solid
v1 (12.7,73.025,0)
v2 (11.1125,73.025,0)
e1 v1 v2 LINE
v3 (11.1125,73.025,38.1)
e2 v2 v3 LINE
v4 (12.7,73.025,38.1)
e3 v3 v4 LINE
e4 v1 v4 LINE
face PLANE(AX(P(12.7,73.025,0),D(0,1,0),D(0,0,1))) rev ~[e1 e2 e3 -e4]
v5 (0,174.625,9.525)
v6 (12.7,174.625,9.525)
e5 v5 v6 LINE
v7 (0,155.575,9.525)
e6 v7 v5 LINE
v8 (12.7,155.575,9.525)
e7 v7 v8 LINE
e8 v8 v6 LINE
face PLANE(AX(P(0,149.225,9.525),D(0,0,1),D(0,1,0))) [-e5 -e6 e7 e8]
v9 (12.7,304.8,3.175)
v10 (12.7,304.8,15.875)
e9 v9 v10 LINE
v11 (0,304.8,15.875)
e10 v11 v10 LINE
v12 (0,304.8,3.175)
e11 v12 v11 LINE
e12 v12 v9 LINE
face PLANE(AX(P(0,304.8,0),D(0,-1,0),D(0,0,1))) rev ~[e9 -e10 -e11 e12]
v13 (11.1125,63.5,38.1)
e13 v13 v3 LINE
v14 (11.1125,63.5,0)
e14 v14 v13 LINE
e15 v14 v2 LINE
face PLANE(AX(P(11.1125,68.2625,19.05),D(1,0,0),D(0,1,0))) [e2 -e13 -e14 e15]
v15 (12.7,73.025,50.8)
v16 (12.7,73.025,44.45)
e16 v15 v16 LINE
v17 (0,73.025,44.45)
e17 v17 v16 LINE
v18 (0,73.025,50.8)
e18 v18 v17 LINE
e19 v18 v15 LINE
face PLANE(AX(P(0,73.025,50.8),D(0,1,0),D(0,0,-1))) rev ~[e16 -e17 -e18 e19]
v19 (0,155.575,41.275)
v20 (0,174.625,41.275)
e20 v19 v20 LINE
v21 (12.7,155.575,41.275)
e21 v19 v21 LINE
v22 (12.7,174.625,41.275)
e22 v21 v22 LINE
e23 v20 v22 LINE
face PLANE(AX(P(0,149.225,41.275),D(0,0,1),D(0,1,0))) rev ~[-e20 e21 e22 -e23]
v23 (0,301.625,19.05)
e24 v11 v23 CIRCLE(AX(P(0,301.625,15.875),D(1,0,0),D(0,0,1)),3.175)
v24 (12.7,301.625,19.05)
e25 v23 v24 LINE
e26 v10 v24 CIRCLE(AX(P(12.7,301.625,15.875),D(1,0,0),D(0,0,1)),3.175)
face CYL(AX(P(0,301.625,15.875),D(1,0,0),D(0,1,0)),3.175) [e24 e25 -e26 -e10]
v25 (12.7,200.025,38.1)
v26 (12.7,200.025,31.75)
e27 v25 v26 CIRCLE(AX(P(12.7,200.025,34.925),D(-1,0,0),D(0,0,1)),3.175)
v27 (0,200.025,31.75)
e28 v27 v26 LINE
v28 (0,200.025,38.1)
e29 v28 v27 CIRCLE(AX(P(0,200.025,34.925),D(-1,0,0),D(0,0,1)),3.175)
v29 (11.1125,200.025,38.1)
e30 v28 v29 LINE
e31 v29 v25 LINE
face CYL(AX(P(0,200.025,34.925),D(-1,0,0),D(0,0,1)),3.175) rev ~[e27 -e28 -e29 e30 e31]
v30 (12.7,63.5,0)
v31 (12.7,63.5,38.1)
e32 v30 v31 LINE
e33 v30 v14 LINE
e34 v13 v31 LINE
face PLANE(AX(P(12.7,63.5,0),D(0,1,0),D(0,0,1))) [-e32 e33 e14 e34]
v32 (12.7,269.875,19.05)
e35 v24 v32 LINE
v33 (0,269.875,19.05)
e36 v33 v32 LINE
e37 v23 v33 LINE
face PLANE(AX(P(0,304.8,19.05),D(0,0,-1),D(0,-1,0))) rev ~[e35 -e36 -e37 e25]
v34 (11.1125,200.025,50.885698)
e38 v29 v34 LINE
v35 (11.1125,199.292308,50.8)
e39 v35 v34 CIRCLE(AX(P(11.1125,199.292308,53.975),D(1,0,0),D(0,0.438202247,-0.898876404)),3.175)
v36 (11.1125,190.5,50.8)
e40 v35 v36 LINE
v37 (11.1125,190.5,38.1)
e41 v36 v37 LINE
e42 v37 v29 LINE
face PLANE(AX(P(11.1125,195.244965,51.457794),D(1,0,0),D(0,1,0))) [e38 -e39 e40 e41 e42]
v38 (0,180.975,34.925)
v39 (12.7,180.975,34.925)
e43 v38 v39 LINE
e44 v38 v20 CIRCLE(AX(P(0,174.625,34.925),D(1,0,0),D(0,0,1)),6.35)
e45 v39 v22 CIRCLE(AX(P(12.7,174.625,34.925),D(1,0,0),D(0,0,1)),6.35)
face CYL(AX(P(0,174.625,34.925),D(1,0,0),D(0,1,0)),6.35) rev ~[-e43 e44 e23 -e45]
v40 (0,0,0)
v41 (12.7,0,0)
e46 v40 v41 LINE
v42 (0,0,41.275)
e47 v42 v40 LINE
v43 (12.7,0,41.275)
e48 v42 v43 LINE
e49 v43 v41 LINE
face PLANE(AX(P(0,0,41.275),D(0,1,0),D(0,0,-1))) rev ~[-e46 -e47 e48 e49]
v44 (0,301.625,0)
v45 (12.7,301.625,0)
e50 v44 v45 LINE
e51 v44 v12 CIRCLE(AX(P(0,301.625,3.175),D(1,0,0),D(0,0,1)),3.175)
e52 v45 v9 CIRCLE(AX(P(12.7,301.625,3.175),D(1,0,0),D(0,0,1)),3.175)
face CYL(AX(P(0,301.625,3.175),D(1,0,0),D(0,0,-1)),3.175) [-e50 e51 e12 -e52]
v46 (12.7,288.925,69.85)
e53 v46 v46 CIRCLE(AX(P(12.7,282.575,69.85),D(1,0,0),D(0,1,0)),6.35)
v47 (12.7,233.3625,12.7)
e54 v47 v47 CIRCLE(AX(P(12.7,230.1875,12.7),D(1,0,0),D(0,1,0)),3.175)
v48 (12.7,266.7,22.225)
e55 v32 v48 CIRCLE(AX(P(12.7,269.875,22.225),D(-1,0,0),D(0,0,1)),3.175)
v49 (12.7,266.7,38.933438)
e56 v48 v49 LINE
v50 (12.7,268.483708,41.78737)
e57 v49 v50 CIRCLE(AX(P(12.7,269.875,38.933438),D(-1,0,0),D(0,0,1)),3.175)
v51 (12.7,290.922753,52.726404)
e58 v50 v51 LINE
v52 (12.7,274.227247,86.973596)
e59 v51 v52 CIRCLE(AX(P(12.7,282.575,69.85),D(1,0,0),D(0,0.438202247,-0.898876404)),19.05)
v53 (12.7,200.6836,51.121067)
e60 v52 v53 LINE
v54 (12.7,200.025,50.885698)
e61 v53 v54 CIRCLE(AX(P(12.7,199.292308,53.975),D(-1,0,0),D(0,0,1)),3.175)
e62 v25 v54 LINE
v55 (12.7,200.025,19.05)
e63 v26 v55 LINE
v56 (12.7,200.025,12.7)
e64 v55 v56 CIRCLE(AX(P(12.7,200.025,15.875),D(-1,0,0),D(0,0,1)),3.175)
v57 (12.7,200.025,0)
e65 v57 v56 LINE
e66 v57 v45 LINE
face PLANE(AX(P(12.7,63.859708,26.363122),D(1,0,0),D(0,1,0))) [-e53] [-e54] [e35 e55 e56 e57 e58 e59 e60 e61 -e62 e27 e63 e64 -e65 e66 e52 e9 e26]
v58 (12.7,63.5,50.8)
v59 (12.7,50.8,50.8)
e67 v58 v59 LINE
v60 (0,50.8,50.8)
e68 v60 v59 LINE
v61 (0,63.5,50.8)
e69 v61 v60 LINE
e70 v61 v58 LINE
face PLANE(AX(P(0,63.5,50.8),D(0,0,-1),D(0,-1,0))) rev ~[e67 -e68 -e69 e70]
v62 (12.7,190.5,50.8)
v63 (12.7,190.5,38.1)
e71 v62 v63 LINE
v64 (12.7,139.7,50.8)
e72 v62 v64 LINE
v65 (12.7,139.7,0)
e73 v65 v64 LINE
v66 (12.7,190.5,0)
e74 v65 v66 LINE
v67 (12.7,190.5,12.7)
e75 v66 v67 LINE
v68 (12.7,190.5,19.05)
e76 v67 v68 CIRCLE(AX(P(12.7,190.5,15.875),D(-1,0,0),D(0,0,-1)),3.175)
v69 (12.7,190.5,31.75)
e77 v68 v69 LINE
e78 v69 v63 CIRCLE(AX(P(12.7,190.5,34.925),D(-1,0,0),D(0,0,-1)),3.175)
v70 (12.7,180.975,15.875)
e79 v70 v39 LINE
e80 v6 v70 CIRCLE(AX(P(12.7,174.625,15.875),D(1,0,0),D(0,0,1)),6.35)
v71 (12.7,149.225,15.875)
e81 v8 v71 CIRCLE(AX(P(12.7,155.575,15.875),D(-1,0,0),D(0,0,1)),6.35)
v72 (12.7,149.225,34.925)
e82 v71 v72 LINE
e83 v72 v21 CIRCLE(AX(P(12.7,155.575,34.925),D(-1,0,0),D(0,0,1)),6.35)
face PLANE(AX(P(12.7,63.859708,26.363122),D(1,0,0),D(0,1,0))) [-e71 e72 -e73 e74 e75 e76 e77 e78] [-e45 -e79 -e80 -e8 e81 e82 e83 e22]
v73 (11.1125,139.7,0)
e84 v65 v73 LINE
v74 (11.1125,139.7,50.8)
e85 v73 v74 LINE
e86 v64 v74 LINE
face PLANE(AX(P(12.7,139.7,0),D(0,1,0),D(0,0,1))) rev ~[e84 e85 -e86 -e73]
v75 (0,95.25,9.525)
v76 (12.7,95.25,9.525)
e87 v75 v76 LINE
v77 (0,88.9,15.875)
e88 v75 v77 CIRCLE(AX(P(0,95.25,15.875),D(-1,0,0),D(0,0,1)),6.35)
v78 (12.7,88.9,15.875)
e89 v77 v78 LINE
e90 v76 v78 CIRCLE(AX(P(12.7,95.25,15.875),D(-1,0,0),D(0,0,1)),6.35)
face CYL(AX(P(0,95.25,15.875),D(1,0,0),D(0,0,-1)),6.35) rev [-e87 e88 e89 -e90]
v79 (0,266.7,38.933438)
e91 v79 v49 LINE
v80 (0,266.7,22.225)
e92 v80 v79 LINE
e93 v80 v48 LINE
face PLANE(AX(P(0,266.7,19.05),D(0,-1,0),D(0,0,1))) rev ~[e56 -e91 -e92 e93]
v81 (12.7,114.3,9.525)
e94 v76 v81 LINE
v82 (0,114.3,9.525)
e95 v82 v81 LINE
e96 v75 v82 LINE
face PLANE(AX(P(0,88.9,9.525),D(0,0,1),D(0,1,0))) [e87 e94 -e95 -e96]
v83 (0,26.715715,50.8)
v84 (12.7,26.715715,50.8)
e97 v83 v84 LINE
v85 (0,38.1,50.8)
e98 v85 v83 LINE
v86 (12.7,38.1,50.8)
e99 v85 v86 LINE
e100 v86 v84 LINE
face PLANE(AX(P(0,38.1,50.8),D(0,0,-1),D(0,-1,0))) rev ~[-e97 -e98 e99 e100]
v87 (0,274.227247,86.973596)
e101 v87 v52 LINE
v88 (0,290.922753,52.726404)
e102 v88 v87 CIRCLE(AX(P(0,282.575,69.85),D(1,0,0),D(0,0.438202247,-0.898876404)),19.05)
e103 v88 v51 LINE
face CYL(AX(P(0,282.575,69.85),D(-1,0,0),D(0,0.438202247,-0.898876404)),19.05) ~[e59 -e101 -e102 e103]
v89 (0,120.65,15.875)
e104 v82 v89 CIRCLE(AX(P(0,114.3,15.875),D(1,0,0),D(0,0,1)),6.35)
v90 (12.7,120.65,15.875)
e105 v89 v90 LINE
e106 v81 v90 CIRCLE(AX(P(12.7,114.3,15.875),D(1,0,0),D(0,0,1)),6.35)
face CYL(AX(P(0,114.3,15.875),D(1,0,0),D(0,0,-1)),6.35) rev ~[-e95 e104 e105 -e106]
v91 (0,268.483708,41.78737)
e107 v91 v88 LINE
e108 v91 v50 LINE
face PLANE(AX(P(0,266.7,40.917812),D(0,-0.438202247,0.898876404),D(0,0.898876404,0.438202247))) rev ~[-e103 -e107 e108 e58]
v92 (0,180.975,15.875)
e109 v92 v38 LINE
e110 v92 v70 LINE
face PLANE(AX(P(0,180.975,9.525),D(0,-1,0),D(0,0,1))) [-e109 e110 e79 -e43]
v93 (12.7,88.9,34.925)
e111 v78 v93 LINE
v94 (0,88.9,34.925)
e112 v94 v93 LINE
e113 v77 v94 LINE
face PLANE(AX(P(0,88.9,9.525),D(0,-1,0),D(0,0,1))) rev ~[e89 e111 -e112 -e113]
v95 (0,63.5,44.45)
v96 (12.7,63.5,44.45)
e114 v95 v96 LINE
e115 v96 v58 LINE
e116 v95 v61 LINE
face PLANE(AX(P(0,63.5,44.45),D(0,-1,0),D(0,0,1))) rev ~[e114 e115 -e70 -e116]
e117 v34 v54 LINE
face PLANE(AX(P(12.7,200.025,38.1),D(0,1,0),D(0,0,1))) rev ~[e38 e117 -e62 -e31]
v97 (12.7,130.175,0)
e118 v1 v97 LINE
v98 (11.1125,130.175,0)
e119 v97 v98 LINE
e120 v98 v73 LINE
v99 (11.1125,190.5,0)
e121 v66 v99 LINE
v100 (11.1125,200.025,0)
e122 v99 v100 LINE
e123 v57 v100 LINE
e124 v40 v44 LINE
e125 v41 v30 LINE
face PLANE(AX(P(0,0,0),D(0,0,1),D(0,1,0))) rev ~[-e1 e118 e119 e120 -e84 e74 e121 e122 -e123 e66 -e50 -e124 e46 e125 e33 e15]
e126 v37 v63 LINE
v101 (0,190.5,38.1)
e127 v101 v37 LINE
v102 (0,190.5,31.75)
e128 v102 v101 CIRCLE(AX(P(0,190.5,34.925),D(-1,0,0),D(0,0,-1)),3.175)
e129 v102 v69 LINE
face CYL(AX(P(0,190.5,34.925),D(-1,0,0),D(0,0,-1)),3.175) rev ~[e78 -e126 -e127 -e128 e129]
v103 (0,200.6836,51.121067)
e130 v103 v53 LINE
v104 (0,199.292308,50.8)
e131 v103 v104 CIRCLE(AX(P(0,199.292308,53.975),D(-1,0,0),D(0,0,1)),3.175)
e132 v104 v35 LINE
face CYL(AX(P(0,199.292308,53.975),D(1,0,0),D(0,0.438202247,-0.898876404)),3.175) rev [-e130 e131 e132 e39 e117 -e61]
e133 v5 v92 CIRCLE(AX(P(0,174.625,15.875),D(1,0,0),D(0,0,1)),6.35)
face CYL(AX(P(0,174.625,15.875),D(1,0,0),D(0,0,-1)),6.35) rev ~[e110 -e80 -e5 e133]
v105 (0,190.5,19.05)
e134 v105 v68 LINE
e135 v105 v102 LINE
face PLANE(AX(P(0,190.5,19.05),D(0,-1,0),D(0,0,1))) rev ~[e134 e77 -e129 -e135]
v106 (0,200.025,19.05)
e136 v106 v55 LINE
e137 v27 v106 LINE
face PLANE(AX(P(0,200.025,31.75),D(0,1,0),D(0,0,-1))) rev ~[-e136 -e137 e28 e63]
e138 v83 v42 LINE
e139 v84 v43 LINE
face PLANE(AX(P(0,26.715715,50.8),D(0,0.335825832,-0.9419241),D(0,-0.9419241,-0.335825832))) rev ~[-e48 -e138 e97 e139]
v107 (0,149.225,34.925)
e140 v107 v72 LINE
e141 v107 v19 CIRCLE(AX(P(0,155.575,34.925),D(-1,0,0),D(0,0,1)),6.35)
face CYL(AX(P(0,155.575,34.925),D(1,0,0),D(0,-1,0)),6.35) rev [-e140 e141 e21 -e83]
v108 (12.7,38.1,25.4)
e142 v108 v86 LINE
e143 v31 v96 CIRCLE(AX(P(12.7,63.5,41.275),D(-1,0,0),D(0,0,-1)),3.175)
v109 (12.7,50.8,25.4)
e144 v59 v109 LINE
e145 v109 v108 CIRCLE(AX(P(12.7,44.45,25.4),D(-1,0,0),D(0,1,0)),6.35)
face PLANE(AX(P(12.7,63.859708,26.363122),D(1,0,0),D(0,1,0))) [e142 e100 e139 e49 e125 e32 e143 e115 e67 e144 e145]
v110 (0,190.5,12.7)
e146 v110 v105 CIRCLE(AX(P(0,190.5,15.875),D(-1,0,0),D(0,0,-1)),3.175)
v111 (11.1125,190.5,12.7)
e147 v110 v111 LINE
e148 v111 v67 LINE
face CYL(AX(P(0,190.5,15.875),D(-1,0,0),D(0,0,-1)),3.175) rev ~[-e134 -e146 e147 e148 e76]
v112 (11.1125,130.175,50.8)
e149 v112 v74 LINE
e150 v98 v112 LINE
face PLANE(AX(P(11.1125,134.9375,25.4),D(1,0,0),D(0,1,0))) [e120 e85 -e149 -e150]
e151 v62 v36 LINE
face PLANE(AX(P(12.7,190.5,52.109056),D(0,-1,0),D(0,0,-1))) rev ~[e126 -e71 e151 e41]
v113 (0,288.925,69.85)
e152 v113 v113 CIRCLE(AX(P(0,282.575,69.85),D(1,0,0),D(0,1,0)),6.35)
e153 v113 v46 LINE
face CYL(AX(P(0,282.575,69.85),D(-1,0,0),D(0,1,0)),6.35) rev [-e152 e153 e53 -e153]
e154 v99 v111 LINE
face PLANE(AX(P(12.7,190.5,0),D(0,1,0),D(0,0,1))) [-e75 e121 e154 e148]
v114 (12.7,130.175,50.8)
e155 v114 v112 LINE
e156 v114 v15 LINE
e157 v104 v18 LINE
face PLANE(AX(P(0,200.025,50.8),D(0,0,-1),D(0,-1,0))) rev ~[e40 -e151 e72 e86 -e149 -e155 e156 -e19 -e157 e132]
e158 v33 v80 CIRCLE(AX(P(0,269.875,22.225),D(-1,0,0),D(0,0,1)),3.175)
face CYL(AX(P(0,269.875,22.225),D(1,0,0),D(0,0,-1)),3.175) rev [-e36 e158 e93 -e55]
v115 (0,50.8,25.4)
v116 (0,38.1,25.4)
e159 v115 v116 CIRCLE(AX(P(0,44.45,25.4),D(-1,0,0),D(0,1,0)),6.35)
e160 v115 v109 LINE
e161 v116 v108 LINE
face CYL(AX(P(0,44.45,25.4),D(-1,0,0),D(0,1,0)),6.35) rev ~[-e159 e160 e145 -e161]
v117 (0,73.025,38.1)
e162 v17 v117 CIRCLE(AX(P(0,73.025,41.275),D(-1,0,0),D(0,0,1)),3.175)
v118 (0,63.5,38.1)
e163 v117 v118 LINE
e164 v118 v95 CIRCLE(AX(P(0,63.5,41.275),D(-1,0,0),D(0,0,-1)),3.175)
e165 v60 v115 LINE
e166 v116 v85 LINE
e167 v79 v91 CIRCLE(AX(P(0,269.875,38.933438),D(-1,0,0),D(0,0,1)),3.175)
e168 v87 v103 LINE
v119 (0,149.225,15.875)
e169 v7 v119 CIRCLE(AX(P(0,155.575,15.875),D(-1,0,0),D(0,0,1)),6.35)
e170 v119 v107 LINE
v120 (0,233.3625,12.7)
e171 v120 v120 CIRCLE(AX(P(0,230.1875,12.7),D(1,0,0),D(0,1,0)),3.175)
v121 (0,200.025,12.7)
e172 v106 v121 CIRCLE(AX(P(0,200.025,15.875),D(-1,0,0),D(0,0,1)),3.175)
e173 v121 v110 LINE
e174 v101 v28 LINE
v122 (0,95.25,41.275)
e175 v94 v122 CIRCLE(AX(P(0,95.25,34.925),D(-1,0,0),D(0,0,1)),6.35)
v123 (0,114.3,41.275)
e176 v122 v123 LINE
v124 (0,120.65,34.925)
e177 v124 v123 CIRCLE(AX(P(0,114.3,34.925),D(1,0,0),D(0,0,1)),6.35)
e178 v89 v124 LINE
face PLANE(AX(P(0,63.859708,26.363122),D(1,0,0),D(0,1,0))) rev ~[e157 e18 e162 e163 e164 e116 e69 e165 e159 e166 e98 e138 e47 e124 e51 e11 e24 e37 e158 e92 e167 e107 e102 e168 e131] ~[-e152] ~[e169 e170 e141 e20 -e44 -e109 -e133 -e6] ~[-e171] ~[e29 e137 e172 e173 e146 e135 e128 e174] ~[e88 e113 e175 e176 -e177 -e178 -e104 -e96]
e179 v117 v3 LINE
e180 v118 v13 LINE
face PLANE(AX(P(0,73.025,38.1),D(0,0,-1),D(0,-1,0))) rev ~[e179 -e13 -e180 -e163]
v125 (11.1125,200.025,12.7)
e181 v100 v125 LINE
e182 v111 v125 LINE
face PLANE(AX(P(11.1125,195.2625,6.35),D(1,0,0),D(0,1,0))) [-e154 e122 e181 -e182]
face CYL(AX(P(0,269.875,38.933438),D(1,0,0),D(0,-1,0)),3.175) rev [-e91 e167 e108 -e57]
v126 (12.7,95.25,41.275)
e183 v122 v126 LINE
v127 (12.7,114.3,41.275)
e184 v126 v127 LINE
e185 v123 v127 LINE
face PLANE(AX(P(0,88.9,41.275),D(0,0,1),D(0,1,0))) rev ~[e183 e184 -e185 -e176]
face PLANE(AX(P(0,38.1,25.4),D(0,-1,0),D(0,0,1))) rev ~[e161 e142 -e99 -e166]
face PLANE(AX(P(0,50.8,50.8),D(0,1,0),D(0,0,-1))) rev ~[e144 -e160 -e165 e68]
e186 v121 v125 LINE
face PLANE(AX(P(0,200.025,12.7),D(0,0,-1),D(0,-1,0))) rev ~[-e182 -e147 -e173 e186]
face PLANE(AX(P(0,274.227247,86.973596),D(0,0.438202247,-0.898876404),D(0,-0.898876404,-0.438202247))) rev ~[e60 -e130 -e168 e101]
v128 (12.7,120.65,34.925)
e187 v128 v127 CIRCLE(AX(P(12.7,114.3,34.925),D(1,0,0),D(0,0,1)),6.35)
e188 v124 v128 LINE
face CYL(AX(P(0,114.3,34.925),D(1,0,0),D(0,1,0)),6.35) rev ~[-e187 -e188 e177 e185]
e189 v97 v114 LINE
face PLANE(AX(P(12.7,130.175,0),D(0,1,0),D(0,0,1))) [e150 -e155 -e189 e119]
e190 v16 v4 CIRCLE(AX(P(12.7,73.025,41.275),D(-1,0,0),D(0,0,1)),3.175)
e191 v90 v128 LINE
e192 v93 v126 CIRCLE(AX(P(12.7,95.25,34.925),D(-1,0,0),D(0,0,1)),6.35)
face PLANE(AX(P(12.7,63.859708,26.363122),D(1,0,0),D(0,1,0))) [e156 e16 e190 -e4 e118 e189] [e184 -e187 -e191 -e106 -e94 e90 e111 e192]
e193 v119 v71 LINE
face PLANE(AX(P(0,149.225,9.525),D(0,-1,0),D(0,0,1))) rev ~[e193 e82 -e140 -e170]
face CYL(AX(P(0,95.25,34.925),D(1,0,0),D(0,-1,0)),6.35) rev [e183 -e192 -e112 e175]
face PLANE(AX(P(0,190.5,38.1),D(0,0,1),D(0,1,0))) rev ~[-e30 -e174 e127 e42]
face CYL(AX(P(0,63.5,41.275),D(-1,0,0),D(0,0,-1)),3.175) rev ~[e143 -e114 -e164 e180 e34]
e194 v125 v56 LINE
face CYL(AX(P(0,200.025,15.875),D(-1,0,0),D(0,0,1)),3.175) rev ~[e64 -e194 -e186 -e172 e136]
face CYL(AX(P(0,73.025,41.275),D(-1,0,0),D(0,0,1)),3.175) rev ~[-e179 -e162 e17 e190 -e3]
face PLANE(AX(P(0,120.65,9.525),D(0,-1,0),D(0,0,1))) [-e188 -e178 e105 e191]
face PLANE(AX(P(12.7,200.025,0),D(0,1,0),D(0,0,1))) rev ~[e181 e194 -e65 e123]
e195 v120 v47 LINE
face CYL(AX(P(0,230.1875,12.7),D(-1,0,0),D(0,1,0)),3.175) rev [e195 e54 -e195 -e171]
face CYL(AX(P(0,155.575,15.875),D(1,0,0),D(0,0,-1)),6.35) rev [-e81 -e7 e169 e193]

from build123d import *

# Parameters (mm, degrees)
F0_W     = 31.75
F0_H     = 31.75
F0_W_2   = 9.525
F0_H_2   = 50.8
F0_R     = 3.175
F0_R_2   = 6.35
F1_DEPTH = 12.7
F2_R     = 3.175
F3_W     = 9.525
F3_H     = 38.1
F4_DEPTH = 1.5875
F5_W     = 9.525
F5_H     = 12.7
F6_DEPTH = 1.5875
F7_W     = 9.525
F7_H     = 50.8
F8_DEPTH = 1.5875
F9_R     = 6.35


with BuildPart() as f1:
    # F0 (on Right) → F1 (new body)
    with BuildSketch(Plane.YZ):
        with BuildLine():
            Line((0, 41.275), (0, 0))
            Line((0, 0), (130.175, 0))
            Line((130.175, 0), (130.175, 50.8))
            Line((130.175, 50.8), (73.025, 50.8))
            Line((73.025, 50.8), (73.025, 44.45))
            ThreePointArc((73.025, 44.45), (76.2, 41.275), (73.025, 38.1))
            Line((73.025, 38.1), (63.5, 38.1))
            ThreePointArc((63.5, 38.1), (60.325, 41.275), (63.5, 44.45))
            Line((63.5, 44.45), (63.5, 50.8))
            Line((63.5, 50.8), (50.8, 50.8))
            Line((50.8, 50.8), (50.8, 25.4))
            ThreePointArc((50.8, 25.4), (44.45, 19.05), (38.1, 25.4))
            Line((38.1, 25.4), (38.1, 50.8))
            Line((38.1, 50.8), (26.7157145118, 50.8))
            Line((26.7157145118, 50.8), (0, 41.275))
        make_face()
        with Locations((104.775, 25.4)):
            Rectangle(F0_W, F0_H, mode=Mode.SUBTRACT)
        with Locations((134.9375, 25.4)):
            Rectangle(F0_W_2, F0_H_2)
        with BuildLine():
            Line((139.7, 50.8), (139.7, 0))
            Line((139.7, 0), (304.8, 0))
            Line((304.8, 0), (304.8, 19.05))
            Line((304.8, 19.05), (266.7, 19.05))
            Line((266.7, 19.05), (266.7, 40.9178125))
            Line((266.7, 40.9178125), (290.922752809, 52.7264044944))
            ThreePointArc((290.922752809, 52.7264044944), (299.6985955056, 78.197752809), (274.227247191, 86.9735955056))
            Line((274.227247191, 86.9735955056), (200.025, 50.8))
            Line((200.025, 50.8), (139.7, 50.8))
        make_face()
        with Locations((230.1875, 12.7)):
            Circle(F0_R, mode=Mode.SUBTRACT)
        with Locations((165.1, 25.4)):
            Rectangle(F0_W, F0_H, mode=Mode.SUBTRACT)
        with BuildLine():
            Line((190.5, 38.1), (200.025, 38.1))
            ThreePointArc((200.025, 38.1), (203.2, 34.925), (200.025, 31.75))
            Line((200.025, 31.75), (200.025, 19.05))
            ThreePointArc((200.025, 19.05), (203.2, 15.875), (200.025, 12.7))
            Line((200.025, 12.7), (190.5, 12.7))
            ThreePointArc((190.5, 12.7), (187.325, 15.875), (190.5, 19.05))
            Line((190.5, 19.05), (190.5, 31.75))
            ThreePointArc((190.5, 31.75), (187.325, 34.925), (190.5, 38.1))
        make_face(mode=Mode.SUBTRACT)
        with Locations((282.575, 69.85)):
            Circle(F0_R_2, mode=Mode.SUBTRACT)
    extrude(amount=F1_DEPTH)

    # F2
    f2_edges = [f1.edges().sort_by_distance(p)[0] for p in [
        (6.35, 200.025, 50.8),
        (6.35, 266.7, 40.917812),
        (6.35, 266.7, 19.05),
        (6.35, 304.8, 19.05),
        (6.35, 304.8, 0),
    ]]
    fillet(f2_edges, radius=F2_R)

    # F3 (on face) → F4 (cut)
    with BuildSketch(Plane.YZ.offset(12.7)):
        with Locations((68.2625, 19.05)):
            Rectangle(F3_W, F3_H)
    extrude(amount=-F4_DEPTH, mode=Mode.SUBTRACT)

    # F5 (on face) → F6 (cut)
    with BuildSketch(Plane.YZ.offset(12.7)):
        with Locations((195.2625, 6.35)):
            Rectangle(F5_W, F5_H)
        with BuildLine():
            ThreePointArc((199.2923076923, 50.8), (199.6611512097, 50.8214972713), (200.025, 50.8856979781))
            Line((200.025, 50.8856979781), (200.025, 52.109055835))
            Line((200.025, 52.109055835), (190.5, 52.109055835))
            Line((190.5, 52.109055835), (190.5, 50.8))
            Line((190.5, 50.8), (199.2923076923, 50.8))
        make_face()
        with BuildLine():
            Line((190.5, 38.1), (200.025, 38.1))
            Line((200.025, 38.1), (200.025, 50.8856979781))
            ThreePointArc((200.025, 50.8856979781), (199.6611512097, 50.8214972713), (199.2923076923, 50.8))
            Line((199.2923076923, 50.8), (190.5, 50.8))
            Line((190.5, 50.8), (190.5, 38.1))
        make_face()
    extrude(amount=-F6_DEPTH, mode=Mode.SUBTRACT)

    # F7 (on face) → F8 (cut)
    with BuildSketch(Plane.YZ.offset(12.7)):
        with Locations((134.9375, 25.4)):
            Rectangle(F7_W, F7_H)
    extrude(amount=-F8_DEPTH, mode=Mode.SUBTRACT)

    # F9
    f9_edges = [f1.edges().sort_by_distance(p)[0] for p in [
        (6.35, 88.9, 41.275),
        (6.35, 120.65, 41.275),
        (6.35, 180.975, 41.275),
        (6.35, 149.225, 41.275),
        (6.35, 149.225, 9.525),
        (6.35, 88.9, 9.525),
        (6.35, 180.975, 9.525),
        (6.35, 120.65, 9.525),
    ]]
    fillet(f9_edges, radius=F9_R)


solid = f1.part
